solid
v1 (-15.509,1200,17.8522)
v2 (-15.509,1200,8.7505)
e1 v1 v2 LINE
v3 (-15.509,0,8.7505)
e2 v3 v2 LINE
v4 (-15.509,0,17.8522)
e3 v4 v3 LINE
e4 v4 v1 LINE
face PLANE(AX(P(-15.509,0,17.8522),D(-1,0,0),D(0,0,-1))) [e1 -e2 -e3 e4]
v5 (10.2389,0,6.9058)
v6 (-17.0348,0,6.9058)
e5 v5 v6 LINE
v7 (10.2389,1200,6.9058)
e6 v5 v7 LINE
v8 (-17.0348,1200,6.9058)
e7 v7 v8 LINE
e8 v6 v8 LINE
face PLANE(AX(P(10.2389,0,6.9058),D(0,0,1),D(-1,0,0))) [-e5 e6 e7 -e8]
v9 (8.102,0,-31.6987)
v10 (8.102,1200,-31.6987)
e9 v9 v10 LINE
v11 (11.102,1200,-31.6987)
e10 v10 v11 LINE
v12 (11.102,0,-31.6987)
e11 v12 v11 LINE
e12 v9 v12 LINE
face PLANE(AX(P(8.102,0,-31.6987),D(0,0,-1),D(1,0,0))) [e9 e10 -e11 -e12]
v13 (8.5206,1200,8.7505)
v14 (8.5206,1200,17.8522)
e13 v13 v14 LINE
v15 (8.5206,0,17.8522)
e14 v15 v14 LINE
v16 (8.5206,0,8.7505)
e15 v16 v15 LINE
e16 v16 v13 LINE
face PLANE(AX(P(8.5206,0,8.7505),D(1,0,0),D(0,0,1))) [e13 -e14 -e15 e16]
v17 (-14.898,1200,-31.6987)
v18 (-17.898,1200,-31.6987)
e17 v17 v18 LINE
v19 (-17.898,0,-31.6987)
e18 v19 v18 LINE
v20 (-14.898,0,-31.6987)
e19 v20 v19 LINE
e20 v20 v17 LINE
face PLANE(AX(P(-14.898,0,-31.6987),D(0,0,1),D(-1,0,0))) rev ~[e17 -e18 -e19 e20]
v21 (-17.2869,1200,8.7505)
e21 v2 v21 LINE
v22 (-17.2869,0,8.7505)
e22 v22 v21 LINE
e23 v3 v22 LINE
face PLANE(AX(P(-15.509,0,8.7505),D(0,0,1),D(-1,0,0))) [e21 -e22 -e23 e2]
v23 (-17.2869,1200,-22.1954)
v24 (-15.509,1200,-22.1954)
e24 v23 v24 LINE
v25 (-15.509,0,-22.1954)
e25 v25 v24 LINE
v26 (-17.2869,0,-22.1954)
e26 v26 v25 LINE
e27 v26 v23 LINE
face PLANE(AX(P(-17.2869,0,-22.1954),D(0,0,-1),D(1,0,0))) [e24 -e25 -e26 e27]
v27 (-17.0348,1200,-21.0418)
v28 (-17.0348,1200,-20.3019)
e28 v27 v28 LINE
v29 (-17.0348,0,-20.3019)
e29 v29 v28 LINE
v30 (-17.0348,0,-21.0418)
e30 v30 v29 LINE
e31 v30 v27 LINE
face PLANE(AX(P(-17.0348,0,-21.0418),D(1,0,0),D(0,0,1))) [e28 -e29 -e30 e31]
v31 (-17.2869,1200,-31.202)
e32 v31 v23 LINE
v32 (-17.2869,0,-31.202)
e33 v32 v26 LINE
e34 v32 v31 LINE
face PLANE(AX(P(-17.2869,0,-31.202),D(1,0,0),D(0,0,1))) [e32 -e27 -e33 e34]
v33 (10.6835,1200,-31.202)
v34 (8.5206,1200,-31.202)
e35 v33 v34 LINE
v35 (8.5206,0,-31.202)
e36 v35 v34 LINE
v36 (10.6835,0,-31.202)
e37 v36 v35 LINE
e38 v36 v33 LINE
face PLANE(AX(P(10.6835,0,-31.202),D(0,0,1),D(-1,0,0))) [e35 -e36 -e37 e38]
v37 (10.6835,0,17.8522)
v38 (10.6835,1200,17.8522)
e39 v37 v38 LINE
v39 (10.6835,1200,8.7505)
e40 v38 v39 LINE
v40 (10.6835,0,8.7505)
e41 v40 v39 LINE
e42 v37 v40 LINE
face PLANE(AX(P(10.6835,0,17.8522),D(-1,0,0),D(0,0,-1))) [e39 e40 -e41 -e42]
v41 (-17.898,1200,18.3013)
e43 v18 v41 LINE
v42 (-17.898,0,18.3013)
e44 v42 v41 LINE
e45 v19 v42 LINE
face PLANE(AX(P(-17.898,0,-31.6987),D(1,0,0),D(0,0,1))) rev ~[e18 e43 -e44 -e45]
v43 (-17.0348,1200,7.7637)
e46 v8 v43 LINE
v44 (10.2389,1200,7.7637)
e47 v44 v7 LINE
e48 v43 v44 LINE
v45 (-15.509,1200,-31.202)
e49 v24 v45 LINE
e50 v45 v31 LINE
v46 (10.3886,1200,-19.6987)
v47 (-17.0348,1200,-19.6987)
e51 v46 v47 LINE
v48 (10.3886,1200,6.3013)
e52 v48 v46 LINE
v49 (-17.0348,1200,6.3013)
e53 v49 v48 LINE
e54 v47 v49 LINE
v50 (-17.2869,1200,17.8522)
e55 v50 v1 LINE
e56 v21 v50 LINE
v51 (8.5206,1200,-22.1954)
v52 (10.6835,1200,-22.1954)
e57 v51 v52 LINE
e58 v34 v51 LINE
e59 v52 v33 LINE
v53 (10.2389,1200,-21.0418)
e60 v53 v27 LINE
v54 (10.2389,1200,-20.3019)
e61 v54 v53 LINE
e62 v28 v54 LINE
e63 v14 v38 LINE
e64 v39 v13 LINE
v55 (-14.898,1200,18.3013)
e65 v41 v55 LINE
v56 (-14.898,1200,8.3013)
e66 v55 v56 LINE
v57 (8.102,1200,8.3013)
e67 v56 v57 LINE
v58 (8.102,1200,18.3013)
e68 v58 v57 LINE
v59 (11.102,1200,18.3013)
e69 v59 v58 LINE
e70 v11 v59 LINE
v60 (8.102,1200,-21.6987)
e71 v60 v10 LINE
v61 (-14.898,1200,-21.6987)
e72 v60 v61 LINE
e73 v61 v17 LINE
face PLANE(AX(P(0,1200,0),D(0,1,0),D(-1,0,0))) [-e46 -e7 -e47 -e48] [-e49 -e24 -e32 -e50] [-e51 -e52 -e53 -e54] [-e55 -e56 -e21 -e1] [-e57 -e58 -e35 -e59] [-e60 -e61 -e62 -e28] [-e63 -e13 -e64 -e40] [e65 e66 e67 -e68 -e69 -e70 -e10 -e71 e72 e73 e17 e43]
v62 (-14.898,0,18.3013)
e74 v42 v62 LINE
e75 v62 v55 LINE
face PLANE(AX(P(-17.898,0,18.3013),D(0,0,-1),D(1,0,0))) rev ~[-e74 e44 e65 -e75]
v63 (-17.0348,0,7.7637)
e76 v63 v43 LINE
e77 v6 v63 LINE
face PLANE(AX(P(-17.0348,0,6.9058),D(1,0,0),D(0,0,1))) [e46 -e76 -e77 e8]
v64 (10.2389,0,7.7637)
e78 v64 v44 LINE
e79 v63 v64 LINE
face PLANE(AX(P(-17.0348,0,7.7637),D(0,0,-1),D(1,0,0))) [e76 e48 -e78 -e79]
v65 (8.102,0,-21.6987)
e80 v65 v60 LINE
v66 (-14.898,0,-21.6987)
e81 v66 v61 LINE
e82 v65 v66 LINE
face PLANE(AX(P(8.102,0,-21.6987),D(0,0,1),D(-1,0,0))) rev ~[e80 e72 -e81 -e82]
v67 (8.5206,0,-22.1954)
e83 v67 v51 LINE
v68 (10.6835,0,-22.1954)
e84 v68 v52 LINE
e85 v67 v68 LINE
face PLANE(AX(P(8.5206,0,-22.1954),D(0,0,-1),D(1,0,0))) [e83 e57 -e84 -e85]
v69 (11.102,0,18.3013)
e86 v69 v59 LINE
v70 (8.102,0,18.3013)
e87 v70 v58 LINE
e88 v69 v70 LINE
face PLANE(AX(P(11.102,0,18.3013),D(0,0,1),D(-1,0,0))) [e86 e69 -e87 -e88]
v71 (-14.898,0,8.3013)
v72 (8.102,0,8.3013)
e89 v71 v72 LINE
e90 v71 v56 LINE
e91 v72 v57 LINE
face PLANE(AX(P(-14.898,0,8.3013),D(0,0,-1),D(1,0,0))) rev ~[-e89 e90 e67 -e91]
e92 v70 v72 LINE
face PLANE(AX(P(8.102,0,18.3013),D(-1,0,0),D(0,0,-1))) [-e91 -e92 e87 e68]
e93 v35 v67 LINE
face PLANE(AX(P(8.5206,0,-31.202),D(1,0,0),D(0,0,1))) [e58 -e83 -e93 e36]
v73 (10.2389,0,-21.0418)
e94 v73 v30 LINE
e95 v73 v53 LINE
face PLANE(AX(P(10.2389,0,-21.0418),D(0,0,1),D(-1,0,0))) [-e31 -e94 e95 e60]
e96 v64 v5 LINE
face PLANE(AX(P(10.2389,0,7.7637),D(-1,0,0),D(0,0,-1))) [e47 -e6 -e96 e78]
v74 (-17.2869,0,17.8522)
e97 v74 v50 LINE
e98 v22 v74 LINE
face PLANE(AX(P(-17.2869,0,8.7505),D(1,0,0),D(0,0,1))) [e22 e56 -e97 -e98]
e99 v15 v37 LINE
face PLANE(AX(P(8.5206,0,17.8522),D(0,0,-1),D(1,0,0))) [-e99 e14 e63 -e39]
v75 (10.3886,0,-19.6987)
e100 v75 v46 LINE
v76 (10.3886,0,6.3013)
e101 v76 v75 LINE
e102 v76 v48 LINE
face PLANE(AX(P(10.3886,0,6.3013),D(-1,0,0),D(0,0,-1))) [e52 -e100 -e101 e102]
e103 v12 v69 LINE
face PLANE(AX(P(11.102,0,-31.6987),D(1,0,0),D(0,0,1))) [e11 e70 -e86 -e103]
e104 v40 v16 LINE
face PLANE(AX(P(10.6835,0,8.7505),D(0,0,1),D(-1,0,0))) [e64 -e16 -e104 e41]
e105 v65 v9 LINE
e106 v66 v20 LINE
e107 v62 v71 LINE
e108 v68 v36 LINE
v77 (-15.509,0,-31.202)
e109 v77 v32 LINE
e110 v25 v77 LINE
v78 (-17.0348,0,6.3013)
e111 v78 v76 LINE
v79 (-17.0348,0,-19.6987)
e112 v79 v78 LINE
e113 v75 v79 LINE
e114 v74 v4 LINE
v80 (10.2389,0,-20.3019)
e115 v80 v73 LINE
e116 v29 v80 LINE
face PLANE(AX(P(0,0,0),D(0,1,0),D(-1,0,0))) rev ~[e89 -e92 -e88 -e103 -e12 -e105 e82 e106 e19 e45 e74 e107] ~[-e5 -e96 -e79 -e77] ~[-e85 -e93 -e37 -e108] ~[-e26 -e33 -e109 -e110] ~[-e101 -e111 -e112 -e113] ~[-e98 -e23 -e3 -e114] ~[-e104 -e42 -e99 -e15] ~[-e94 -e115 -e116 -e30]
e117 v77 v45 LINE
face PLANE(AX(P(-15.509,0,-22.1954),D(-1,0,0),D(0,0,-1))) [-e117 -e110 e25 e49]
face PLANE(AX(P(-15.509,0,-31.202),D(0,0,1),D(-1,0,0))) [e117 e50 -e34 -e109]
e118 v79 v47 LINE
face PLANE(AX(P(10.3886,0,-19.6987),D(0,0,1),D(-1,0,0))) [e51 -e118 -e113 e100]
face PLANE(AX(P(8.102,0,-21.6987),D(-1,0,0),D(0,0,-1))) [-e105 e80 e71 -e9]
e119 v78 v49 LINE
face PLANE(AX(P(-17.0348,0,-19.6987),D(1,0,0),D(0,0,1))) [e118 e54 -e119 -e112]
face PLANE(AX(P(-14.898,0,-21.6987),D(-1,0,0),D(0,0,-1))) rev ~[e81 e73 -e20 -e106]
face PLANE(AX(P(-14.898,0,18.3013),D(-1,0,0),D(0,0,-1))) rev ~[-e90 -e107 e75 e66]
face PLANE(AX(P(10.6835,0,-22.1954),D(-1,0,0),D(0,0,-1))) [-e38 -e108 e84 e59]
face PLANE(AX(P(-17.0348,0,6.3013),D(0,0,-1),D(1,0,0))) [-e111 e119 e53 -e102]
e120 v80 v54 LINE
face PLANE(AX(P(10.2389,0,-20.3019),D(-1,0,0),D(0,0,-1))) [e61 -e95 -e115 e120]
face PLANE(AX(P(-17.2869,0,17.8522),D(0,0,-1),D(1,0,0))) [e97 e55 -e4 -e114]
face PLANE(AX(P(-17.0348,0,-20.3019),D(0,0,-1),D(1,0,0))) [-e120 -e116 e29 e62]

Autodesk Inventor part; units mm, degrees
ref_plane "YZ Plane" through (0, 0, 0) normal (1, 0, 0) x (0, 1, 0)
ref_plane "XZ Plane" through (0, 0, 0) normal (0, 1, 0) x (-1, 0, 0)
ref_plane "XY Plane" through (0, 0, 0) normal (0, 0, 1) x (1, 0, 0)
sketch "Schizzo1" plane through (0, 0, 0) normal (0, 1, 0) x (-1, 0, 0)
  line L0 (14.898, -21.6987) -> (14.898, -31.6987)
  line L1 (-8.102, -21.6987) -> (-8.102, -31.6987)
  line L2 (-8.102, -31.6987) -> (-11.102, -31.6987)
  line L3 (-8.102, -21.6987) -> (14.898, -21.6987)
  line L4 (-10.3886, -19.6987) -> (17.0348, -19.6987)
  line L5 (14.898, -31.6987) -> (17.898, -31.6987)
  line L6 (17.898, -6.6987) -> (-17.7474, -6.6987) construction
  line L7 (-10.3886, 6.3013) -> (-10.3886, -19.6987)
  line L8 (17.0348, 6.3013) -> (-10.3886, 6.3013)
  line L9 (-10.3886, -19.6987) -> (17.0348, 6.3013) construction
  line L10 (17.0348, -19.6987) -> (-10.3886, 6.3013) construction
  line L11 (14.898, 8.3013) -> (-8.102, 8.3013)
  line L12 (-11.102, -31.6987) -> (-11.102, 18.3013)
  line L13 (17.898, -31.6987) -> (17.898, 18.3013)
  line L14 (-11.102, 18.3013) -> (-8.102, 18.3013)
  line L15 (14.898, 18.3013) -> (14.898, 8.3013)
  line L16 (17.898, 18.3013) -> (14.898, 18.3013)
  line L17 (17.0348, -19.6987) -> (17.0348, 6.3013)
  line L18 (-8.102, 18.3013) -> (-8.102, 8.3013)
  line L19 (17.2869, 17.8522) -> (15.509, 17.8522)
  line L20 (15.509, 17.8522) -> (15.509, 8.7505)
  line L21 (15.509, 8.7505) -> (17.2869, 8.7505)
  line L22 (17.2869, 8.7505) -> (17.2869, 17.8522)
  line L23 (17.2869, 17.8522) -> (15.509, 8.7505) construction
  line L24 (15.509, 17.8522) -> (17.2869, 8.7505) construction
  line L25 (17.2869, -22.1954) -> (15.509, -22.1954)
  line L26 (15.509, -22.1954) -> (15.509, -31.202)
  line L27 (15.509, -31.202) -> (17.2869, -31.202)
  line L28 (17.2869, -31.202) -> (17.2869, -22.1954)
  line L29 (17.2869, -22.1954) -> (15.509, -31.202) construction
  line L30 (15.509, -22.1954) -> (17.2869, -31.202) construction
  line L31 (-8.5206, -22.1954) -> (-10.6835, -22.1954)
  line L32 (-10.6835, -22.1954) -> (-10.6835, -31.202)
  line L33 (-10.6835, -31.202) -> (-8.5206, -31.202)
  line L34 (-8.5206, -31.202) -> (-8.5206, -22.1954)
  line L35 (-8.5206, -22.1954) -> (-10.6835, -31.202) construction
  line L36 (-10.6835, -22.1954) -> (-8.5206, -31.202) construction
  line L37 (-8.5206, 17.8522) -> (-10.6835, 17.8522)
  line L38 (-10.6835, 17.8522) -> (-10.6835, 8.7505)
  line L39 (-10.6835, 8.7505) -> (-8.5206, 8.7505)
  line L40 (-8.5206, 8.7505) -> (-8.5206, 17.8522)
  line L41 (-8.5206, 17.8522) -> (-10.6835, 8.7505) construction
  line L42 (-10.6835, 17.8522) -> (-8.5206, 8.7505) construction
  line L43 (-10.2389, 6.9058) -> (17.0348, 6.9058)
  line L44 (17.0348, 6.9058) -> (17.0348, 7.7637)
  line L45 (17.0348, 7.7637) -> (-10.2389, 7.7637)
  line L46 (-10.2389, 7.7637) -> (-10.2389, 6.9058)
  line L47 (-10.2389, 6.9058) -> (17.0348, 7.7637) construction
  line L48 (17.0348, 6.9058) -> (-10.2389, 7.7637) construction
  line L49 (-10.2389, -21.0418) -> (17.0348, -21.0418)
  line L50 (17.0348, -21.0418) -> (17.0348, -20.3019)
  line L51 (17.0348, -20.3019) -> (-10.2389, -20.3019)
  line L52 (-10.2389, -20.3019) -> (-10.2389, -21.0418)
  line L53 (-10.2389, -21.0418) -> (17.0348, -20.3019) construction
  line L54 (17.0348, -21.0418) -> (-10.2389, -20.3019) construction
  point P0 (0, 0)
  point P1 (0, 0)
  point P2 (3.3231, -6.6987)
  point P3 (16.398, 13.3013)
  point P4 (16.398, -26.6987)
  point P5 (-9.602, -26.6987)
  point P6 (-9.602, 13.3013)
  point P7 (3.398, 7.3347)
  point P8 (3.398, -20.6718)
  dimension "d0" = 50
  dimension "d1" = 23
  dimension "d2" = 3
  dimension "d3" = 10
  dimension "d4" = 10
  dimension "d5" = 10
  dimension "d6" = 2
  dimension "d7" = 2
extrude "Estrusione1" add sketch "Schizzo1" along normal blind 1200
properties part number "calcolo fem"
